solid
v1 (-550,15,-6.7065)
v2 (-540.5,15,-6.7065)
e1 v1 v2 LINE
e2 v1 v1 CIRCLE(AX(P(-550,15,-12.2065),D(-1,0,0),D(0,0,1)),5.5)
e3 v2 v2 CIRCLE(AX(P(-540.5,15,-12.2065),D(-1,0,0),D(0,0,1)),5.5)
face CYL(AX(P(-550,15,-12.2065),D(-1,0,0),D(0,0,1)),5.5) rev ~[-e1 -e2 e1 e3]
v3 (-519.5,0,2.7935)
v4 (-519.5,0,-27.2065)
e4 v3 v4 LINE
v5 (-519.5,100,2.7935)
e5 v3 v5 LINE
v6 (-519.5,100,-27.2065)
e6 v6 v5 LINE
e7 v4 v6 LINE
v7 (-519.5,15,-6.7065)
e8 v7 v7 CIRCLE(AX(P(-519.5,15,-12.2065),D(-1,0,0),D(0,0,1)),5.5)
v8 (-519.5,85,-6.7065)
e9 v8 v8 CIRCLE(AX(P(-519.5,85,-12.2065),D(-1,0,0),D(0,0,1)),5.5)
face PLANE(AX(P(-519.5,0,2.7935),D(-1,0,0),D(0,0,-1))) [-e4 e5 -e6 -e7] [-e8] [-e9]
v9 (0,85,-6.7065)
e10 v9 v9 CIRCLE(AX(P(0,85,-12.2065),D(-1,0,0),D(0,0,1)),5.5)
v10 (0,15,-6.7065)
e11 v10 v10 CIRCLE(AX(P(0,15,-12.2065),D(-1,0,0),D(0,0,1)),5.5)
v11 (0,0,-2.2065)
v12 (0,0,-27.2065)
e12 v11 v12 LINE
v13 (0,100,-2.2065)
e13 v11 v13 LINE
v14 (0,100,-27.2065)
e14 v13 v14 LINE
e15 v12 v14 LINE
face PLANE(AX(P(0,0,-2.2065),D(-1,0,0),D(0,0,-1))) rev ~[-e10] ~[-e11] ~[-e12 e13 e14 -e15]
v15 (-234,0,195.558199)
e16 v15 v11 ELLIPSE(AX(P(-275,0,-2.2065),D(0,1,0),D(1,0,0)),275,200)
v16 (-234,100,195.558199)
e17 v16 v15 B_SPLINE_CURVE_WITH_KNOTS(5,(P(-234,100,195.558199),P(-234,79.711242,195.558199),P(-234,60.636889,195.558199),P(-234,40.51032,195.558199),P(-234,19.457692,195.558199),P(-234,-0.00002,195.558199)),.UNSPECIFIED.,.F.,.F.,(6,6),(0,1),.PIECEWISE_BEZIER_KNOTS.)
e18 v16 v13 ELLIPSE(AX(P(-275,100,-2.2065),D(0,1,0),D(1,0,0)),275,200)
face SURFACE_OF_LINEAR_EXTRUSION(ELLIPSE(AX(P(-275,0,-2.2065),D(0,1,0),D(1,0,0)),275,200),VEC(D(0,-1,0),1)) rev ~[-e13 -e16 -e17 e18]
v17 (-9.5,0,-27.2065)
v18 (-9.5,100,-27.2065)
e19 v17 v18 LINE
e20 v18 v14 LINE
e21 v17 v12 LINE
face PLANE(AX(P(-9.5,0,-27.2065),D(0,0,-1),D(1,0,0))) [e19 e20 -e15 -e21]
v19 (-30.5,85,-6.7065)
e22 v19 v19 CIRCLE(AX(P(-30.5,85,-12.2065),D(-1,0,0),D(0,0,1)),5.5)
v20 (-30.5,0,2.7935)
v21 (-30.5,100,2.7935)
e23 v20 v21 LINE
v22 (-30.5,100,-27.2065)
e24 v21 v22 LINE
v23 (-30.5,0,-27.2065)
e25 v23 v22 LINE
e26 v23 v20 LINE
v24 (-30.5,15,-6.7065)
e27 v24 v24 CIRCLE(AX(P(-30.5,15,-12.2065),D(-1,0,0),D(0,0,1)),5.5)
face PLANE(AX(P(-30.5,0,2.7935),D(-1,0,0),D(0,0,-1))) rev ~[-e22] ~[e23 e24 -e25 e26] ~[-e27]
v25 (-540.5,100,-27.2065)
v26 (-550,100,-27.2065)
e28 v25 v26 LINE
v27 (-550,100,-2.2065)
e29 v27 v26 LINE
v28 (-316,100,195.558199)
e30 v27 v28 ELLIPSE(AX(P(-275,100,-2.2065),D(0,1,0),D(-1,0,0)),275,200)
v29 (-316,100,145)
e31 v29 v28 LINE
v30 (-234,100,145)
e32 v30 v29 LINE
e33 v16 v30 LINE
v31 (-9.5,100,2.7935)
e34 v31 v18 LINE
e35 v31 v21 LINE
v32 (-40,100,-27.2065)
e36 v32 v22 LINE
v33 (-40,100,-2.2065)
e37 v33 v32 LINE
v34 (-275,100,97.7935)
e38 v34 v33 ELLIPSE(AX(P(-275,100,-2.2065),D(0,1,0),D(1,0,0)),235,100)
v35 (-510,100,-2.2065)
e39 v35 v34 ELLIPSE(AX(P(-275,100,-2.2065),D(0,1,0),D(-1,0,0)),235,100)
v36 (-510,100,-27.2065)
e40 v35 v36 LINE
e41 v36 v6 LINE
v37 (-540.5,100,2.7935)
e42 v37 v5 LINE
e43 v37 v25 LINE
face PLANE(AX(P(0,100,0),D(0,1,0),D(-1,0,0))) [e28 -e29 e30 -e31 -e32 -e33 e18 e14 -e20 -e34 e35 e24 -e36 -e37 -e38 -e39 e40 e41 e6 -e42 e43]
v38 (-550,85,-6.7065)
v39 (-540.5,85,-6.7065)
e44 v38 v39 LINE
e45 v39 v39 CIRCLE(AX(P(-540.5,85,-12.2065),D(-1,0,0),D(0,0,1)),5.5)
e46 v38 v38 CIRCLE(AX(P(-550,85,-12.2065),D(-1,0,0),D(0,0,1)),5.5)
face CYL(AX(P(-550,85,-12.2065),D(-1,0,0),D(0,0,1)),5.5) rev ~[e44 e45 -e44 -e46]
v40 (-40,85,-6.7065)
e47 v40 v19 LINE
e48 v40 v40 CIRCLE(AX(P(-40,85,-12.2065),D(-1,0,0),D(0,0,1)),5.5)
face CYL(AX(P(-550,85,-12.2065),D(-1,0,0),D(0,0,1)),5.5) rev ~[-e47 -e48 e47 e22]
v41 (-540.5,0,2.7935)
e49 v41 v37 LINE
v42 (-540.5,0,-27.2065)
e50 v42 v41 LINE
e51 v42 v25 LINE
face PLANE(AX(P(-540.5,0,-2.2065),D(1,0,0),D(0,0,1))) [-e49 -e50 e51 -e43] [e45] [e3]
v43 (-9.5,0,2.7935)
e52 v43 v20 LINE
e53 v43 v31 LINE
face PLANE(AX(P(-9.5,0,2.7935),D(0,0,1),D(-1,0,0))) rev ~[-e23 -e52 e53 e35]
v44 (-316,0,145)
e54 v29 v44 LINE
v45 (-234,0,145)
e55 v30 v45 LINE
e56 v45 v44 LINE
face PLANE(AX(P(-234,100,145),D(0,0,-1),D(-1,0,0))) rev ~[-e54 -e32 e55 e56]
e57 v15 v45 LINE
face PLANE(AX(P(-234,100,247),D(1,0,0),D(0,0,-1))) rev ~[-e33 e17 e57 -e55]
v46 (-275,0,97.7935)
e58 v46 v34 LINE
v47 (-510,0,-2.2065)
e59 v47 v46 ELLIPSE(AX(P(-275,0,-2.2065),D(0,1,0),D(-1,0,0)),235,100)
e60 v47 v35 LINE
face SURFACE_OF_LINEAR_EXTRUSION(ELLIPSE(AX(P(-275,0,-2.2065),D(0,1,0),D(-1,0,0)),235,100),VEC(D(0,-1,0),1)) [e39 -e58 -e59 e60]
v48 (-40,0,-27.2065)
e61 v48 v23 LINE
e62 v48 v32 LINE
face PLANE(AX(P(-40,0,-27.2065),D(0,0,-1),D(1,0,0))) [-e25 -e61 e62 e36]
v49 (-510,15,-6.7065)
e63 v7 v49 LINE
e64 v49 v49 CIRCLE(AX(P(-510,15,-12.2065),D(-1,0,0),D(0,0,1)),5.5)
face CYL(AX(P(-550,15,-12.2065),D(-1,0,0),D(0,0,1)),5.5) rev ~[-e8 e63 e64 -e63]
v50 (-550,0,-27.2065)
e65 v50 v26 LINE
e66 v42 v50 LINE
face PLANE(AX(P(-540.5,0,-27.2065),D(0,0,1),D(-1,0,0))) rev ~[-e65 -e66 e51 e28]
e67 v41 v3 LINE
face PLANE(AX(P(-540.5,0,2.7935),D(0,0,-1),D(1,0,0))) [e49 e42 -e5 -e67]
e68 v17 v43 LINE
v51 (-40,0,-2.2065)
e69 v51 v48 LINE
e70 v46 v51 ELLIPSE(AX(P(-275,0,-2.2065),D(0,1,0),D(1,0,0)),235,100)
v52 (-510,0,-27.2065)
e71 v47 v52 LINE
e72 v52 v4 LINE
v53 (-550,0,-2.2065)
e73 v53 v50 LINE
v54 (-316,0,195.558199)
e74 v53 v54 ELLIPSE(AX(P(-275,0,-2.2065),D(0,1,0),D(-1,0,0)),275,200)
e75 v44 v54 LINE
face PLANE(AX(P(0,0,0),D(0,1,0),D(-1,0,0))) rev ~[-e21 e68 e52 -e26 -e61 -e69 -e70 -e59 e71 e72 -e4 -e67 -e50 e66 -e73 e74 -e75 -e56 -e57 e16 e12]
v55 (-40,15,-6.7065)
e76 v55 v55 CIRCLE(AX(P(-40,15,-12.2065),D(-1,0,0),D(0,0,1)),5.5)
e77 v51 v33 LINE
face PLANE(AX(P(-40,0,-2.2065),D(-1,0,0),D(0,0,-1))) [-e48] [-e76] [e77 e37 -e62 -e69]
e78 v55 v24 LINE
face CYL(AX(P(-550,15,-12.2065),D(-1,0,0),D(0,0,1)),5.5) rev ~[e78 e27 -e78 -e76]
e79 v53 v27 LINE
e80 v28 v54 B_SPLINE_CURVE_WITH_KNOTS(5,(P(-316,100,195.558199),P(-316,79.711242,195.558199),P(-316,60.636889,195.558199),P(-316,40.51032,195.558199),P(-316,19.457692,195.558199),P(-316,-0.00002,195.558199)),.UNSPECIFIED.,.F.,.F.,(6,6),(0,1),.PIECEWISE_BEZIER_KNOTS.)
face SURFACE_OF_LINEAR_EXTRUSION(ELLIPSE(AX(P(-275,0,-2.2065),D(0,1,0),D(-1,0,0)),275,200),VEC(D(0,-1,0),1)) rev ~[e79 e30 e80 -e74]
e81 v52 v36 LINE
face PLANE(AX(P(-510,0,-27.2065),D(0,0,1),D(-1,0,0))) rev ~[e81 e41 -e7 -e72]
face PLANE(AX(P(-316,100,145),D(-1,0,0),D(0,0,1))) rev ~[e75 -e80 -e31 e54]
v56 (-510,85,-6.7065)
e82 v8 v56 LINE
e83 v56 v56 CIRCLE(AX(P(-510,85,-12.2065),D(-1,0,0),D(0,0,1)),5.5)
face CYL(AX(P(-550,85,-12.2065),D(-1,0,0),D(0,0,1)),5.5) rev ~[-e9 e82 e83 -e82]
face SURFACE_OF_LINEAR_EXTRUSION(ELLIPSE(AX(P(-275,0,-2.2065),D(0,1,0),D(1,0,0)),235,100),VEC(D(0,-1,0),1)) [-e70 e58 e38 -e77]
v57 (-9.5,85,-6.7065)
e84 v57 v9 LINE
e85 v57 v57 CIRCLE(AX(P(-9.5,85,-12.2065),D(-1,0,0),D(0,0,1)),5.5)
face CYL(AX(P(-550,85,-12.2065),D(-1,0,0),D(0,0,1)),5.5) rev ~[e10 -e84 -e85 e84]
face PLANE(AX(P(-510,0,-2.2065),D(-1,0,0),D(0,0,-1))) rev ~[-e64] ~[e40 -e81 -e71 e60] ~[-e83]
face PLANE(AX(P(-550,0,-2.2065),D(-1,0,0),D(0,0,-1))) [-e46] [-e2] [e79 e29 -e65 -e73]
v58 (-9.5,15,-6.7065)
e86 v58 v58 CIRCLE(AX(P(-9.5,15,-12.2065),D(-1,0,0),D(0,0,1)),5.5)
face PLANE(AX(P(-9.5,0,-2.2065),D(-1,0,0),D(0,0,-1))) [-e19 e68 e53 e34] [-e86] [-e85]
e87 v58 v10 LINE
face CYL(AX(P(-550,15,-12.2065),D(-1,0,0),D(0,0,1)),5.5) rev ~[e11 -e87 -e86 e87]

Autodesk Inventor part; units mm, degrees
ref_plane "YZ Plane" through (0, 0, 0) normal (1, 0, 0) x (0, 1, 0)
ref_plane "XZ Plane" through (0, 0, 0) normal (0, 1, 0) x (-1, 0, 0)
ref_plane "XY Plane" through (0, 0, 0) normal (0, 0, 1) x (1, 0, 0)
sketch "Sketch1" plane through (0, 0, 0) normal (0, 1, 0) x (-1, 0, 0)
  line L0 (0, 20.9385) -> (0, -224.0391)
  ellipse E0 centre (275, -2.2065) end of major axis (0, -2.2065) minor radius 200 (275, 197.7935) -> (0, -2.2065) ccw
  ellipse E1 centre (275, -2.2065) end of major axis (40, -2.2065) minor radius 100 (275, 97.7935) -> (40, -2.2065) ccw
  line L1 (0, -2.2065) -> (40, -2.2065)
  line L2 (30.5, -2.2065) -> (9.5, -2.2065)
  line L3 (9.5, -2.2065) -> (9.5, 2.7935)
  line L4 (9.5, 2.7935) -> (30.5, 2.7935)
  line L5 (30.5, 2.7935) -> (30.5, -2.2065)
  line L6 (0, -2.2065) -> (9.5, -2.2065)
  line L7 (9.5, -2.2065) -> (9.5, -27.2065)
  line L8 (9.5, -27.2065) -> (0, -27.2065)
  line L9 (0, -27.2065) -> (0, -2.2065)
  line L10 (30.5, -2.2065) -> (40, -2.2065)
  line L11 (40, -2.2065) -> (40, -27.2065)
  line L12 (40, -27.2065) -> (30.5, -27.2065)
  line L13 (30.5, -27.2065) -> (30.5, -2.2065)
  line L14 (275, -2.2065) -> (275, 197.7935)
  line L15 (550, 20.9385) -> (550, -224.0391)
  ellipse E2 centre (275, -2.2065) end of major axis (550, -2.2065) minor radius 200 (550, -2.2065) -> (275, 197.7935) ccw
  ellipse E3 centre (275, -2.2065) end of major axis (510, -2.2065) minor radius 100 (510, -2.2065) -> (275, 97.7935) ccw
  line L16 (550, -2.2065) -> (510, -2.2065)
  line L17 (519.5, -2.2065) -> (540.5, -2.2065)
  line L18 (540.5, -2.2065) -> (540.5, 2.7935)
  line L19 (540.5, 2.7935) -> (519.5, 2.7935)
  line L20 (519.5, 2.7935) -> (519.5, -2.2065)
  line L21 (550, -2.2065) -> (540.5, -2.2065)
  line L22 (540.5, -2.2065) -> (540.5, -27.2065)
  line L23 (540.5, -27.2065) -> (550, -27.2065)
  line L24 (550, -27.2065) -> (550, -2.2065)
  line L25 (519.5, -2.2065) -> (510, -2.2065)
  line L26 (510, -2.2065) -> (510, -27.2065)
  line L27 (510, -27.2065) -> (519.5, -27.2065)
  line L28 (519.5, -27.2065) -> (519.5, -2.2065)
  point P0 (40, -2.2065)
  point P1 (0, -27.2065)
  dimension "d7" = 275
  dimension "d8" = 235
  dimension "d9" = 100
  dimension "d10" = 200
  dimension "d13" = 21
  dimension "d14" = 9.5
  dimension "d15" = 5
  dimension "d16" = 9.5
  dimension "d17" = 9.5
  dimension "d18" = 25
  dimension "d19" = 25
  dimension "d20" = 30
extrude "Extrusion1" add sketch "Sketch1" along normal blind 100 contours L1 L7 L8 L0 | E0 L14 E1 L1 L5 L4 L3 | E2 L16 L18 L19 L20 E3 L14 | L15 L23 L22 L16 | L1 L11 L12 L13 | L16 L28 L27 L26
sketch "Sketch2" plane through (0, 100, 0) normal (0, 1, 0) x (1, 0, 0)
  line L0 (-234, -145) -> (-316, -145)
  line L1 (-316, -145) -> (-316, -247)
  line L2 (-316, -247) -> (-234, -247)
  line L3 (-234, -247) -> (-234, -145)
  point P0 (0, 0)
  point P1 (-275, -145)
  dimension "d21" = 102
  dimension "d22" = 82
  dimension "d23" = 234
  dimension "d24" = 145
extrude "Extrusion2" cut sketch "Sketch2" against normal blind 300
sketch "Sketch3" plane through (-550, 0, -27.2065) normal (-1, 0, 0) x (0, 0, 1)
  circle A0 centre (15, 15) radius 5.5
  circle A1 centre (15, 85) radius 5.5
  line L0 (0, 0) -> (0, 100) projected
  line L1 (0, 0) -> (25, 0) projected
  line L2 (0, 100) -> (25, 100) projected
  point P0 (27.2065, 0)
  dimension "d27" = 11
  dimension "d28" = 11
  dimension "d29" = 15
  dimension "d30" = 15
  dimension "d31" = 15
  dimension "d32" = 15
extrude "Extrusion3" cut sketch "Sketch3" against normal blind 700
properties part number "CurvedSeatHolder" material "PET Plastic"
